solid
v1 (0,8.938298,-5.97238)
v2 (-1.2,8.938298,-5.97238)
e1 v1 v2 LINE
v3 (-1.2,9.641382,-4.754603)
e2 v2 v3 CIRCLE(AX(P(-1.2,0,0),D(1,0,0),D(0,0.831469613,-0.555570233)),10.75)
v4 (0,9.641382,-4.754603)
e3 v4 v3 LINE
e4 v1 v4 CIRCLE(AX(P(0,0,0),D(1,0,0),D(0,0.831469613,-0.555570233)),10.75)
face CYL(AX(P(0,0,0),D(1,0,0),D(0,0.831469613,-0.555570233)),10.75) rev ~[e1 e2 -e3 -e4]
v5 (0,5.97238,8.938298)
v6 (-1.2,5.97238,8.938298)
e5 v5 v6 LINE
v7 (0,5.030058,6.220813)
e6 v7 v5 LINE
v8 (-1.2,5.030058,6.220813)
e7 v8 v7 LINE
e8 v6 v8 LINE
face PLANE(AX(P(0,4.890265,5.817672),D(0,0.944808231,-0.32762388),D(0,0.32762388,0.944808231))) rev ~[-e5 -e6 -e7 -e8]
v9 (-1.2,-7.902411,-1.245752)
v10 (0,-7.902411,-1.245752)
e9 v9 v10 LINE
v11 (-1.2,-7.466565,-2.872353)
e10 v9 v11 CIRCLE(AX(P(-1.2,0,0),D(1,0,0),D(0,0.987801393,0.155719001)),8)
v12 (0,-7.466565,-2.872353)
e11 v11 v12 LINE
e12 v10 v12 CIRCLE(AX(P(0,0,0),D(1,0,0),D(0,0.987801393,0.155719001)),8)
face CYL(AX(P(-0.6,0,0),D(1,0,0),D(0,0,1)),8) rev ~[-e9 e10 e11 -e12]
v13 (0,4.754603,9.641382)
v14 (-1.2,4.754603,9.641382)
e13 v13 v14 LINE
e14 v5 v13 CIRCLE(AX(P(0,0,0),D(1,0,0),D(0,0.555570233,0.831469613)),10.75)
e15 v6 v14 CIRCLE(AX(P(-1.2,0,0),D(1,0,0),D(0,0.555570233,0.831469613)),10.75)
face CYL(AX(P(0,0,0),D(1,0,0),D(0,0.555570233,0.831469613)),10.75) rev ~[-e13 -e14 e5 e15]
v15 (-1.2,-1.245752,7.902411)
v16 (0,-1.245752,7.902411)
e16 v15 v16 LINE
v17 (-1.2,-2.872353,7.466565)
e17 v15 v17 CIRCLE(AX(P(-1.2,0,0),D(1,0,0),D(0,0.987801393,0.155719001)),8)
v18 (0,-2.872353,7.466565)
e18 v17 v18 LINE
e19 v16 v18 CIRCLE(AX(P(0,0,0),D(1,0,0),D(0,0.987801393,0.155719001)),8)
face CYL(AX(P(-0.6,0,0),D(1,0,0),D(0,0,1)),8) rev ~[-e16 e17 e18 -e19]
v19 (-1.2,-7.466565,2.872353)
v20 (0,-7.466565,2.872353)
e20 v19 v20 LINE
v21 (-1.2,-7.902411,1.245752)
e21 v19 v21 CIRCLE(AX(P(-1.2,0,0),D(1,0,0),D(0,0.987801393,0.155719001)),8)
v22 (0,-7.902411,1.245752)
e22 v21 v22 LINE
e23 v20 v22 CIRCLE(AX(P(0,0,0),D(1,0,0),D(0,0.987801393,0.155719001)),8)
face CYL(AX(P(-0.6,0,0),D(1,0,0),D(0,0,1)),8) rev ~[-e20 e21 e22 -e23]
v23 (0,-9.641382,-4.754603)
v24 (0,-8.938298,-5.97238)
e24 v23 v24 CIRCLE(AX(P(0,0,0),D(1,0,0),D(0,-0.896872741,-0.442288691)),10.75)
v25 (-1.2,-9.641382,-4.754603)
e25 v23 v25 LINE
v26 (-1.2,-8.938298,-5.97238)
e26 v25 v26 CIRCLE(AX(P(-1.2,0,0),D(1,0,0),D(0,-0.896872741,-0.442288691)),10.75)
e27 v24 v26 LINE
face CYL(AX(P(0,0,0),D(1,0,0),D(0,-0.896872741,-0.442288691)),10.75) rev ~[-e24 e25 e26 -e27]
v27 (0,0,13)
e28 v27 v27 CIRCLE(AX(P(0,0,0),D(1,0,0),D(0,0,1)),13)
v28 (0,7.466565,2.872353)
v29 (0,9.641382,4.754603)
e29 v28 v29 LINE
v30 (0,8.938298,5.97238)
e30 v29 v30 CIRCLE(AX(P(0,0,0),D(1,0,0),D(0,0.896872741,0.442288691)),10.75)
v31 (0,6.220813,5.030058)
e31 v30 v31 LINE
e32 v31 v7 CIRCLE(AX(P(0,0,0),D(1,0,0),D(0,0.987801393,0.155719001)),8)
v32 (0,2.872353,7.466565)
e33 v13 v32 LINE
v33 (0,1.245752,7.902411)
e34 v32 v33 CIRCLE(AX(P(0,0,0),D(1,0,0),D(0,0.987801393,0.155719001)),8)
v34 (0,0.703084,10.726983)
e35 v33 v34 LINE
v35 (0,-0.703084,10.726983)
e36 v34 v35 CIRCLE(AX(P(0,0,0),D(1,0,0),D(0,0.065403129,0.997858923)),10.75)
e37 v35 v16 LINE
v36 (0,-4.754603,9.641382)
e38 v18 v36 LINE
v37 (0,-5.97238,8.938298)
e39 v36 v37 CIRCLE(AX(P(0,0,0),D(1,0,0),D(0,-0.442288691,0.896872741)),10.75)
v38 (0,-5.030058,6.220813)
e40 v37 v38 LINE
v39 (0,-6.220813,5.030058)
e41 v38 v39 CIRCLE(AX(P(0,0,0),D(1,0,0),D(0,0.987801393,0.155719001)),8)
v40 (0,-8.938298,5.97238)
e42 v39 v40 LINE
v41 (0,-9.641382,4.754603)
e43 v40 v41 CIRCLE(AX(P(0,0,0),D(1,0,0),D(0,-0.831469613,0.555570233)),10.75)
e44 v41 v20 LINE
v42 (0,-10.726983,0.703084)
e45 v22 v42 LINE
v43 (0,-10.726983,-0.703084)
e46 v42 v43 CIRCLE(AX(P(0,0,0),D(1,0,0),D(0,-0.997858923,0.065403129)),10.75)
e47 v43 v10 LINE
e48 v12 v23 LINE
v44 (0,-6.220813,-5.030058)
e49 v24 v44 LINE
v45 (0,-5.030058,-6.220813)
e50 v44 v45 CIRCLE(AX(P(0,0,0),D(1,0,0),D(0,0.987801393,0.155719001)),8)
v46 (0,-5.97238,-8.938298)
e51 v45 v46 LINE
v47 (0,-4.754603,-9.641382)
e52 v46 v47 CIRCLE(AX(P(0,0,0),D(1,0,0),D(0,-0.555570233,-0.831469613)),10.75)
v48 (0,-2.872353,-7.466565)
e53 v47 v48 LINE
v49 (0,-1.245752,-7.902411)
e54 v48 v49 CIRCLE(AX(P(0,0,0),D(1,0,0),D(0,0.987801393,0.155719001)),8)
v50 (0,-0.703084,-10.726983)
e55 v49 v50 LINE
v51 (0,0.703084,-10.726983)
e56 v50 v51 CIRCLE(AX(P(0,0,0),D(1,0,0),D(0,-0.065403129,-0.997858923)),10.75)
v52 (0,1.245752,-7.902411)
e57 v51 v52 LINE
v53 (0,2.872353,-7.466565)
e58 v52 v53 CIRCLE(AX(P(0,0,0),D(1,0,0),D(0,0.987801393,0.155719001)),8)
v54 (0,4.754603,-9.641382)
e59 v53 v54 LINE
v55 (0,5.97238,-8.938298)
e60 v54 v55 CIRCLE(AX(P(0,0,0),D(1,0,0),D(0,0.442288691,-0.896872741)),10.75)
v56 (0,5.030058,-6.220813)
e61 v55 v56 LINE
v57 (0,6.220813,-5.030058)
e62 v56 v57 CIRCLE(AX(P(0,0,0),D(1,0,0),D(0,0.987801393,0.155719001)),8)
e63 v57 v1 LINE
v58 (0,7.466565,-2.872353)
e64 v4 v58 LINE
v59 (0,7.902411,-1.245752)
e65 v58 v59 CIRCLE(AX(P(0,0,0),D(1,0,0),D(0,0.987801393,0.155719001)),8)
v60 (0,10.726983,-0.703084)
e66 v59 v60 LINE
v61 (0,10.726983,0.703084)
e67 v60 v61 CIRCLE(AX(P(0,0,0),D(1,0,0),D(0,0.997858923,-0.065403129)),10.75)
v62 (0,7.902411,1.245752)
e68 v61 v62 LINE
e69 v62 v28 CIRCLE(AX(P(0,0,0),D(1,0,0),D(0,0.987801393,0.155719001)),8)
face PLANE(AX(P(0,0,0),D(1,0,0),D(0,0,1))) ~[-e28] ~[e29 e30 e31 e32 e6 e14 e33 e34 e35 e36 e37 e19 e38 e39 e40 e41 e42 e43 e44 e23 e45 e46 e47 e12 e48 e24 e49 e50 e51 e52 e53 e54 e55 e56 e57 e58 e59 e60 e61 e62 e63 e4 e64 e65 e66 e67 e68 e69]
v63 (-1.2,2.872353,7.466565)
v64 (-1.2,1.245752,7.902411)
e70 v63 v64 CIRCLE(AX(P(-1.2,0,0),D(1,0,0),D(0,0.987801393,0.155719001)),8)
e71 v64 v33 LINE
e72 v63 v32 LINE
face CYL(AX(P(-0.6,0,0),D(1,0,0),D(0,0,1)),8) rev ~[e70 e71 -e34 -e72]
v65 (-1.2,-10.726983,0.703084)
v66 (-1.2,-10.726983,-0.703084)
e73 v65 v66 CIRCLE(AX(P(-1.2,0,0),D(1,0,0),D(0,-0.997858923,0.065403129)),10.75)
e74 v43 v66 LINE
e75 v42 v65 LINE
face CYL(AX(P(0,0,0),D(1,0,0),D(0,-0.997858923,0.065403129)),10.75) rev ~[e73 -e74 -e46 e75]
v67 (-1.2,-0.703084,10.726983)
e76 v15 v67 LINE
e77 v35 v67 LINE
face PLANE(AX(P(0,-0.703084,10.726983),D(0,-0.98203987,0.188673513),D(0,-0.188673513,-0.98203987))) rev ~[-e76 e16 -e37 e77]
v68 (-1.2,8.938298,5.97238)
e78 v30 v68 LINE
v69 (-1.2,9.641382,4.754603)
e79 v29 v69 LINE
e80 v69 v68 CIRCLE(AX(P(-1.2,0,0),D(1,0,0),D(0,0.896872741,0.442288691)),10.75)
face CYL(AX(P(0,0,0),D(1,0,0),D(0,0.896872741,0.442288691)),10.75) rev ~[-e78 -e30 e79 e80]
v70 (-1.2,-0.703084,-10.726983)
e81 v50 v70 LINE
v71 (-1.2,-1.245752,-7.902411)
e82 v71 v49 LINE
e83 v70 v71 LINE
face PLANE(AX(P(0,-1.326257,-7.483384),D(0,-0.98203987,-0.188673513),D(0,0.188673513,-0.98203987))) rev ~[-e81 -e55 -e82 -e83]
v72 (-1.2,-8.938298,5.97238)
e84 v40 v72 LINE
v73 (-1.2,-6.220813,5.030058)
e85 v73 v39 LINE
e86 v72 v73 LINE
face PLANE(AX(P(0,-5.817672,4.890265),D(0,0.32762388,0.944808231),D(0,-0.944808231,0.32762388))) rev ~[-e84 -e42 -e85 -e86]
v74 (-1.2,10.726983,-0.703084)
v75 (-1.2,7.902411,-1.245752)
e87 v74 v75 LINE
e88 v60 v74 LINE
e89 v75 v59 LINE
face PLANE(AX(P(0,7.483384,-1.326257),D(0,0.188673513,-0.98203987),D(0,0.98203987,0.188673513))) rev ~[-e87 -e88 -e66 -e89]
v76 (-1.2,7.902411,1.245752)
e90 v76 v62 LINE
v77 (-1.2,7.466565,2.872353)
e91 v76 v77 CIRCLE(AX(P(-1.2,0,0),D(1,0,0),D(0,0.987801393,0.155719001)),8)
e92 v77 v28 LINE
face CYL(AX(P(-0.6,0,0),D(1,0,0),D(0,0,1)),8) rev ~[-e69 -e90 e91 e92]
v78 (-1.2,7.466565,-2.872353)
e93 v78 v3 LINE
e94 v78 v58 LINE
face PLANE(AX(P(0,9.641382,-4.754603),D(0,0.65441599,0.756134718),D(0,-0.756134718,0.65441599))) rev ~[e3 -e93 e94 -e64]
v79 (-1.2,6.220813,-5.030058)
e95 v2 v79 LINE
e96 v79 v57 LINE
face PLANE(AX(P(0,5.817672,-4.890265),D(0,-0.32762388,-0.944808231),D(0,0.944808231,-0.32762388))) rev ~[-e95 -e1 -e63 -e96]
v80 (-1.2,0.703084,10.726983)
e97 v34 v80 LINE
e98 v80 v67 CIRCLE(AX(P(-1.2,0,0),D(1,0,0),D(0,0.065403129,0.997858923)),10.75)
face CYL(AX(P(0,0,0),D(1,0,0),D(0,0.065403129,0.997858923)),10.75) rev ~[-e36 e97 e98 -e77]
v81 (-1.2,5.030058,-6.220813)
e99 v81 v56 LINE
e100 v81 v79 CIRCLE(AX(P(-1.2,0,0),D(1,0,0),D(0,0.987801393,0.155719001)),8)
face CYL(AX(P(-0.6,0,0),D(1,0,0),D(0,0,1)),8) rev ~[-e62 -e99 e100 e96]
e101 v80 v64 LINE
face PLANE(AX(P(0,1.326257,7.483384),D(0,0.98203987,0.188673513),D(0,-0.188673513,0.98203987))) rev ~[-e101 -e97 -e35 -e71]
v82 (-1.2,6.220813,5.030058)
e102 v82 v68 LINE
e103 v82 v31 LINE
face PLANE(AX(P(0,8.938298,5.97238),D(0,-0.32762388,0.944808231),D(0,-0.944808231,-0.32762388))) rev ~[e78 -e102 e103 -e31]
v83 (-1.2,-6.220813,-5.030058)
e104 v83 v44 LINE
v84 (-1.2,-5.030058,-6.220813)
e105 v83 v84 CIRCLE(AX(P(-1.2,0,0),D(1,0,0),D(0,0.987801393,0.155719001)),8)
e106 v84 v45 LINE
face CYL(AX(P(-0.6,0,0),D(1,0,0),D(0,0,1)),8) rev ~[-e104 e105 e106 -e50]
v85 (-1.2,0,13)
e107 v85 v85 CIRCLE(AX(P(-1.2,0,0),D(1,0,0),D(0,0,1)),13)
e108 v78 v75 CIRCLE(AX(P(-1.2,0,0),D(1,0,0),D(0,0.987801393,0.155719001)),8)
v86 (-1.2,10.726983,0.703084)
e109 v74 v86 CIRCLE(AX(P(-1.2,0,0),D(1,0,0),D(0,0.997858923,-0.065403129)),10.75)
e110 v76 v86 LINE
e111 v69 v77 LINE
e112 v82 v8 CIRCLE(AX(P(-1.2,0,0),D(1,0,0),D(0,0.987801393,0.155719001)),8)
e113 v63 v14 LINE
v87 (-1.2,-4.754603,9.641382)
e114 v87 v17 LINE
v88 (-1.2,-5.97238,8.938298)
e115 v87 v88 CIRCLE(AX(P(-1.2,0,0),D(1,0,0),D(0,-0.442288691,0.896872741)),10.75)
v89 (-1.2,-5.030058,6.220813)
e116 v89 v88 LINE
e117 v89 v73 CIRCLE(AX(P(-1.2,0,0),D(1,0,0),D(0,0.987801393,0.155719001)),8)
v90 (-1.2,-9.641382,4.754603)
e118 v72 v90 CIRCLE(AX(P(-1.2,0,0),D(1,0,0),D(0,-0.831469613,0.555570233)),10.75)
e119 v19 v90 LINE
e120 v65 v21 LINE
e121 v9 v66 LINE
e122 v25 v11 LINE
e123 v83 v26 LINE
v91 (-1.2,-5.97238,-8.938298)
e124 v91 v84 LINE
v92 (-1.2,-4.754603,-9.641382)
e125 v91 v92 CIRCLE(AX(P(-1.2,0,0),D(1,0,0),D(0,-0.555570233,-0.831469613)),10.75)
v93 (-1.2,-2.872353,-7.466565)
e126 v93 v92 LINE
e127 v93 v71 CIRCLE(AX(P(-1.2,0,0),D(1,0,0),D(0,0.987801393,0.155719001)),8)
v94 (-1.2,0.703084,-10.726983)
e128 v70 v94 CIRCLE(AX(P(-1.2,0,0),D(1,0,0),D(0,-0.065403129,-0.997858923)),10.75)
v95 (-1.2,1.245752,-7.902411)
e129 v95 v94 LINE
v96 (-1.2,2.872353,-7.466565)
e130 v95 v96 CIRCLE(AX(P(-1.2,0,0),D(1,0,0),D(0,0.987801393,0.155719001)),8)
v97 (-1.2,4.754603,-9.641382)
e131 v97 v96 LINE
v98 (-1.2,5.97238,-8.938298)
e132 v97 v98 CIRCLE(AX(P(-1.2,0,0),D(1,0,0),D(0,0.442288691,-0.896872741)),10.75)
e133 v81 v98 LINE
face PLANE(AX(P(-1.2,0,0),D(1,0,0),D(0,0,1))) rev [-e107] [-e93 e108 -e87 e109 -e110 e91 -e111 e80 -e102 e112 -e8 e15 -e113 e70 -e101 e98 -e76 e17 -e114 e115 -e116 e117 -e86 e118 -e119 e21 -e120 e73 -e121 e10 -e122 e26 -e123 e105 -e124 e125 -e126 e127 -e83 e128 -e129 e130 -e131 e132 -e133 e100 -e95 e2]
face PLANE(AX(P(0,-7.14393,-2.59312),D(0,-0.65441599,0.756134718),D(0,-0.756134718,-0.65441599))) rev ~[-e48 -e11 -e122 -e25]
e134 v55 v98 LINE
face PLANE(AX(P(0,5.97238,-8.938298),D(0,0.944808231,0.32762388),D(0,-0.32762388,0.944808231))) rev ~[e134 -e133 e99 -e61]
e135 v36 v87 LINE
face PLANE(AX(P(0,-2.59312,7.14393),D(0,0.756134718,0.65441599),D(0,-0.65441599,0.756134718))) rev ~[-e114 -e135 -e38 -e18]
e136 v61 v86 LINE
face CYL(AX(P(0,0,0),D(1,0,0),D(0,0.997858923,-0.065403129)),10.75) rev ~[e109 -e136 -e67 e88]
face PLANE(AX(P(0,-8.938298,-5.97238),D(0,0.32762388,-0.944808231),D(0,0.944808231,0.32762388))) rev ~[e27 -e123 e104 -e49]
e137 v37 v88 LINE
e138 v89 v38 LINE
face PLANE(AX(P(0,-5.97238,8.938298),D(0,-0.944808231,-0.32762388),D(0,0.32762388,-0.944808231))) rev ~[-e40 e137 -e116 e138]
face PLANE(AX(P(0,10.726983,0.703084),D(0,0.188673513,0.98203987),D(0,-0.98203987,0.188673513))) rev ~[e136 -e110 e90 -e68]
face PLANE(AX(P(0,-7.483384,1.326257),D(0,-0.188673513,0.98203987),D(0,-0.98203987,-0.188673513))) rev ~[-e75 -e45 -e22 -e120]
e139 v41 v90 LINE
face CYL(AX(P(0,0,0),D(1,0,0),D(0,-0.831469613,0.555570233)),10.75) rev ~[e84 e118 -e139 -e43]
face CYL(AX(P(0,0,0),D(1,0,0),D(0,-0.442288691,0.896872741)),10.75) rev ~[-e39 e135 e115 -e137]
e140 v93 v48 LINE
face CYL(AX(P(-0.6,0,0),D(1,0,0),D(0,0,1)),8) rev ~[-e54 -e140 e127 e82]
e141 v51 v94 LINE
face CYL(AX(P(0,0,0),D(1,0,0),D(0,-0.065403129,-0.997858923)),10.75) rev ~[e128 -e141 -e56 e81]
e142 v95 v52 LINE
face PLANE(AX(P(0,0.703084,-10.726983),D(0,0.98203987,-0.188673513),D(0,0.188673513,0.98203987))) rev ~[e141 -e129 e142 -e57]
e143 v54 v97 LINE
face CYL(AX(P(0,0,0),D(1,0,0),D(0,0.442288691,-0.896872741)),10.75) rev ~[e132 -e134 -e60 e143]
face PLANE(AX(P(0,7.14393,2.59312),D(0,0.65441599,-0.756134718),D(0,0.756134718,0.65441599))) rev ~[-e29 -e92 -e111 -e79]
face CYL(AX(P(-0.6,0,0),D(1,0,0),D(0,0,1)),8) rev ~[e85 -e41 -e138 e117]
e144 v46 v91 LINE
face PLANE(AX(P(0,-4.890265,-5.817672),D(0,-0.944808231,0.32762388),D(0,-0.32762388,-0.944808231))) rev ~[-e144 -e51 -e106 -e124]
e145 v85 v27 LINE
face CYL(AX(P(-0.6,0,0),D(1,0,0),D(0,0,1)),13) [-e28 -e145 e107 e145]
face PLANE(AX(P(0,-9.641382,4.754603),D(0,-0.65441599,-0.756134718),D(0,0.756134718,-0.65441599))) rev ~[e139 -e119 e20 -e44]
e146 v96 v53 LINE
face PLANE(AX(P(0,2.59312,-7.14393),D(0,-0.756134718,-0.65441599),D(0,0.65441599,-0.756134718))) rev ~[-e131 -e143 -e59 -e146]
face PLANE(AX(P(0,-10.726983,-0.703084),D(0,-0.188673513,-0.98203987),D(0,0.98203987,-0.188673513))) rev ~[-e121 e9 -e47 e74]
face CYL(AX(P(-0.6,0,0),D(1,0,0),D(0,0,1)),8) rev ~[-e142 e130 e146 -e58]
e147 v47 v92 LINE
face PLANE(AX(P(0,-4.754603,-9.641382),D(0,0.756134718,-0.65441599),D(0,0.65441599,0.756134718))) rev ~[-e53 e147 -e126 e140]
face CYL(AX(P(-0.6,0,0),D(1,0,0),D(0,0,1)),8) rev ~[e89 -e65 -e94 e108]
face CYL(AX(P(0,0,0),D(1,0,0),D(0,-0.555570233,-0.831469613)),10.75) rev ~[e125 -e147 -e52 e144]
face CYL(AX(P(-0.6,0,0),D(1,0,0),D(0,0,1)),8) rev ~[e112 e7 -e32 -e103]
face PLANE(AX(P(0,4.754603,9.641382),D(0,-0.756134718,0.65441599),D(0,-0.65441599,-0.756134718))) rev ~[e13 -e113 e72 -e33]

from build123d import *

# Parameters (mm, degrees)
SECSKE_W      = 1.2
SECSKE_H      = 5
INTCUT_DEPTH  = 19.423897525
INTCUTS_COUNT = 12
INTCUTS_ANGLE = 330


with BuildPart() as part:
    # SecSke → Body (revolve)
    with BuildSketch(Plane.XY, mode=Mode.PRIVATE) as body_sk:
        with Locations((-0.6, 10.5)):
            Rectangle(SECSKE_W, SECSKE_H)
    revolve(body_sk.sketch.rotate(Axis((-34.925, 0, 0), (1, 0, 0)), 90), axis=Axis((-34.925, 0, 0), (1, 0, 0)))

    # IntCutSke → IntCut (cut, through all)
    with BuildSketch(Plane(origin=(0, 0, 0), x_dir=(0, 0, -1), z_dir=(1, 0, 0))):
        with BuildLine():
            Line((-0.703083639, 10.726983425), (-1.326257139, 7.483384395))
            ThreePointArc((-1.326257139, 7.483384395), (0, 7.6), (1.326257139, 7.483384395))
            Line((1.326257139, 7.483384395), (0.703083639, 10.726983425))
            ThreePointArc((0.703083639, 10.726983425), (0, 10.75), (-0.703083639, 10.726983425))
        make_face()
    intcut = extrude(amount=-INTCUT_DEPTH, mode=Mode.SUBTRACT)

    # IntCuts: IntCut ×12 about axis
    intcuts_axis = Axis((-34.925, 0, 0), (1, 0, 0))
    for i in range(1, INTCUTS_COUNT):
        add(intcut.rotate(intcuts_axis, i * INTCUTS_ANGLE / (INTCUTS_COUNT - 1)), mode=Mode.SUBTRACT)


solid = part.part
